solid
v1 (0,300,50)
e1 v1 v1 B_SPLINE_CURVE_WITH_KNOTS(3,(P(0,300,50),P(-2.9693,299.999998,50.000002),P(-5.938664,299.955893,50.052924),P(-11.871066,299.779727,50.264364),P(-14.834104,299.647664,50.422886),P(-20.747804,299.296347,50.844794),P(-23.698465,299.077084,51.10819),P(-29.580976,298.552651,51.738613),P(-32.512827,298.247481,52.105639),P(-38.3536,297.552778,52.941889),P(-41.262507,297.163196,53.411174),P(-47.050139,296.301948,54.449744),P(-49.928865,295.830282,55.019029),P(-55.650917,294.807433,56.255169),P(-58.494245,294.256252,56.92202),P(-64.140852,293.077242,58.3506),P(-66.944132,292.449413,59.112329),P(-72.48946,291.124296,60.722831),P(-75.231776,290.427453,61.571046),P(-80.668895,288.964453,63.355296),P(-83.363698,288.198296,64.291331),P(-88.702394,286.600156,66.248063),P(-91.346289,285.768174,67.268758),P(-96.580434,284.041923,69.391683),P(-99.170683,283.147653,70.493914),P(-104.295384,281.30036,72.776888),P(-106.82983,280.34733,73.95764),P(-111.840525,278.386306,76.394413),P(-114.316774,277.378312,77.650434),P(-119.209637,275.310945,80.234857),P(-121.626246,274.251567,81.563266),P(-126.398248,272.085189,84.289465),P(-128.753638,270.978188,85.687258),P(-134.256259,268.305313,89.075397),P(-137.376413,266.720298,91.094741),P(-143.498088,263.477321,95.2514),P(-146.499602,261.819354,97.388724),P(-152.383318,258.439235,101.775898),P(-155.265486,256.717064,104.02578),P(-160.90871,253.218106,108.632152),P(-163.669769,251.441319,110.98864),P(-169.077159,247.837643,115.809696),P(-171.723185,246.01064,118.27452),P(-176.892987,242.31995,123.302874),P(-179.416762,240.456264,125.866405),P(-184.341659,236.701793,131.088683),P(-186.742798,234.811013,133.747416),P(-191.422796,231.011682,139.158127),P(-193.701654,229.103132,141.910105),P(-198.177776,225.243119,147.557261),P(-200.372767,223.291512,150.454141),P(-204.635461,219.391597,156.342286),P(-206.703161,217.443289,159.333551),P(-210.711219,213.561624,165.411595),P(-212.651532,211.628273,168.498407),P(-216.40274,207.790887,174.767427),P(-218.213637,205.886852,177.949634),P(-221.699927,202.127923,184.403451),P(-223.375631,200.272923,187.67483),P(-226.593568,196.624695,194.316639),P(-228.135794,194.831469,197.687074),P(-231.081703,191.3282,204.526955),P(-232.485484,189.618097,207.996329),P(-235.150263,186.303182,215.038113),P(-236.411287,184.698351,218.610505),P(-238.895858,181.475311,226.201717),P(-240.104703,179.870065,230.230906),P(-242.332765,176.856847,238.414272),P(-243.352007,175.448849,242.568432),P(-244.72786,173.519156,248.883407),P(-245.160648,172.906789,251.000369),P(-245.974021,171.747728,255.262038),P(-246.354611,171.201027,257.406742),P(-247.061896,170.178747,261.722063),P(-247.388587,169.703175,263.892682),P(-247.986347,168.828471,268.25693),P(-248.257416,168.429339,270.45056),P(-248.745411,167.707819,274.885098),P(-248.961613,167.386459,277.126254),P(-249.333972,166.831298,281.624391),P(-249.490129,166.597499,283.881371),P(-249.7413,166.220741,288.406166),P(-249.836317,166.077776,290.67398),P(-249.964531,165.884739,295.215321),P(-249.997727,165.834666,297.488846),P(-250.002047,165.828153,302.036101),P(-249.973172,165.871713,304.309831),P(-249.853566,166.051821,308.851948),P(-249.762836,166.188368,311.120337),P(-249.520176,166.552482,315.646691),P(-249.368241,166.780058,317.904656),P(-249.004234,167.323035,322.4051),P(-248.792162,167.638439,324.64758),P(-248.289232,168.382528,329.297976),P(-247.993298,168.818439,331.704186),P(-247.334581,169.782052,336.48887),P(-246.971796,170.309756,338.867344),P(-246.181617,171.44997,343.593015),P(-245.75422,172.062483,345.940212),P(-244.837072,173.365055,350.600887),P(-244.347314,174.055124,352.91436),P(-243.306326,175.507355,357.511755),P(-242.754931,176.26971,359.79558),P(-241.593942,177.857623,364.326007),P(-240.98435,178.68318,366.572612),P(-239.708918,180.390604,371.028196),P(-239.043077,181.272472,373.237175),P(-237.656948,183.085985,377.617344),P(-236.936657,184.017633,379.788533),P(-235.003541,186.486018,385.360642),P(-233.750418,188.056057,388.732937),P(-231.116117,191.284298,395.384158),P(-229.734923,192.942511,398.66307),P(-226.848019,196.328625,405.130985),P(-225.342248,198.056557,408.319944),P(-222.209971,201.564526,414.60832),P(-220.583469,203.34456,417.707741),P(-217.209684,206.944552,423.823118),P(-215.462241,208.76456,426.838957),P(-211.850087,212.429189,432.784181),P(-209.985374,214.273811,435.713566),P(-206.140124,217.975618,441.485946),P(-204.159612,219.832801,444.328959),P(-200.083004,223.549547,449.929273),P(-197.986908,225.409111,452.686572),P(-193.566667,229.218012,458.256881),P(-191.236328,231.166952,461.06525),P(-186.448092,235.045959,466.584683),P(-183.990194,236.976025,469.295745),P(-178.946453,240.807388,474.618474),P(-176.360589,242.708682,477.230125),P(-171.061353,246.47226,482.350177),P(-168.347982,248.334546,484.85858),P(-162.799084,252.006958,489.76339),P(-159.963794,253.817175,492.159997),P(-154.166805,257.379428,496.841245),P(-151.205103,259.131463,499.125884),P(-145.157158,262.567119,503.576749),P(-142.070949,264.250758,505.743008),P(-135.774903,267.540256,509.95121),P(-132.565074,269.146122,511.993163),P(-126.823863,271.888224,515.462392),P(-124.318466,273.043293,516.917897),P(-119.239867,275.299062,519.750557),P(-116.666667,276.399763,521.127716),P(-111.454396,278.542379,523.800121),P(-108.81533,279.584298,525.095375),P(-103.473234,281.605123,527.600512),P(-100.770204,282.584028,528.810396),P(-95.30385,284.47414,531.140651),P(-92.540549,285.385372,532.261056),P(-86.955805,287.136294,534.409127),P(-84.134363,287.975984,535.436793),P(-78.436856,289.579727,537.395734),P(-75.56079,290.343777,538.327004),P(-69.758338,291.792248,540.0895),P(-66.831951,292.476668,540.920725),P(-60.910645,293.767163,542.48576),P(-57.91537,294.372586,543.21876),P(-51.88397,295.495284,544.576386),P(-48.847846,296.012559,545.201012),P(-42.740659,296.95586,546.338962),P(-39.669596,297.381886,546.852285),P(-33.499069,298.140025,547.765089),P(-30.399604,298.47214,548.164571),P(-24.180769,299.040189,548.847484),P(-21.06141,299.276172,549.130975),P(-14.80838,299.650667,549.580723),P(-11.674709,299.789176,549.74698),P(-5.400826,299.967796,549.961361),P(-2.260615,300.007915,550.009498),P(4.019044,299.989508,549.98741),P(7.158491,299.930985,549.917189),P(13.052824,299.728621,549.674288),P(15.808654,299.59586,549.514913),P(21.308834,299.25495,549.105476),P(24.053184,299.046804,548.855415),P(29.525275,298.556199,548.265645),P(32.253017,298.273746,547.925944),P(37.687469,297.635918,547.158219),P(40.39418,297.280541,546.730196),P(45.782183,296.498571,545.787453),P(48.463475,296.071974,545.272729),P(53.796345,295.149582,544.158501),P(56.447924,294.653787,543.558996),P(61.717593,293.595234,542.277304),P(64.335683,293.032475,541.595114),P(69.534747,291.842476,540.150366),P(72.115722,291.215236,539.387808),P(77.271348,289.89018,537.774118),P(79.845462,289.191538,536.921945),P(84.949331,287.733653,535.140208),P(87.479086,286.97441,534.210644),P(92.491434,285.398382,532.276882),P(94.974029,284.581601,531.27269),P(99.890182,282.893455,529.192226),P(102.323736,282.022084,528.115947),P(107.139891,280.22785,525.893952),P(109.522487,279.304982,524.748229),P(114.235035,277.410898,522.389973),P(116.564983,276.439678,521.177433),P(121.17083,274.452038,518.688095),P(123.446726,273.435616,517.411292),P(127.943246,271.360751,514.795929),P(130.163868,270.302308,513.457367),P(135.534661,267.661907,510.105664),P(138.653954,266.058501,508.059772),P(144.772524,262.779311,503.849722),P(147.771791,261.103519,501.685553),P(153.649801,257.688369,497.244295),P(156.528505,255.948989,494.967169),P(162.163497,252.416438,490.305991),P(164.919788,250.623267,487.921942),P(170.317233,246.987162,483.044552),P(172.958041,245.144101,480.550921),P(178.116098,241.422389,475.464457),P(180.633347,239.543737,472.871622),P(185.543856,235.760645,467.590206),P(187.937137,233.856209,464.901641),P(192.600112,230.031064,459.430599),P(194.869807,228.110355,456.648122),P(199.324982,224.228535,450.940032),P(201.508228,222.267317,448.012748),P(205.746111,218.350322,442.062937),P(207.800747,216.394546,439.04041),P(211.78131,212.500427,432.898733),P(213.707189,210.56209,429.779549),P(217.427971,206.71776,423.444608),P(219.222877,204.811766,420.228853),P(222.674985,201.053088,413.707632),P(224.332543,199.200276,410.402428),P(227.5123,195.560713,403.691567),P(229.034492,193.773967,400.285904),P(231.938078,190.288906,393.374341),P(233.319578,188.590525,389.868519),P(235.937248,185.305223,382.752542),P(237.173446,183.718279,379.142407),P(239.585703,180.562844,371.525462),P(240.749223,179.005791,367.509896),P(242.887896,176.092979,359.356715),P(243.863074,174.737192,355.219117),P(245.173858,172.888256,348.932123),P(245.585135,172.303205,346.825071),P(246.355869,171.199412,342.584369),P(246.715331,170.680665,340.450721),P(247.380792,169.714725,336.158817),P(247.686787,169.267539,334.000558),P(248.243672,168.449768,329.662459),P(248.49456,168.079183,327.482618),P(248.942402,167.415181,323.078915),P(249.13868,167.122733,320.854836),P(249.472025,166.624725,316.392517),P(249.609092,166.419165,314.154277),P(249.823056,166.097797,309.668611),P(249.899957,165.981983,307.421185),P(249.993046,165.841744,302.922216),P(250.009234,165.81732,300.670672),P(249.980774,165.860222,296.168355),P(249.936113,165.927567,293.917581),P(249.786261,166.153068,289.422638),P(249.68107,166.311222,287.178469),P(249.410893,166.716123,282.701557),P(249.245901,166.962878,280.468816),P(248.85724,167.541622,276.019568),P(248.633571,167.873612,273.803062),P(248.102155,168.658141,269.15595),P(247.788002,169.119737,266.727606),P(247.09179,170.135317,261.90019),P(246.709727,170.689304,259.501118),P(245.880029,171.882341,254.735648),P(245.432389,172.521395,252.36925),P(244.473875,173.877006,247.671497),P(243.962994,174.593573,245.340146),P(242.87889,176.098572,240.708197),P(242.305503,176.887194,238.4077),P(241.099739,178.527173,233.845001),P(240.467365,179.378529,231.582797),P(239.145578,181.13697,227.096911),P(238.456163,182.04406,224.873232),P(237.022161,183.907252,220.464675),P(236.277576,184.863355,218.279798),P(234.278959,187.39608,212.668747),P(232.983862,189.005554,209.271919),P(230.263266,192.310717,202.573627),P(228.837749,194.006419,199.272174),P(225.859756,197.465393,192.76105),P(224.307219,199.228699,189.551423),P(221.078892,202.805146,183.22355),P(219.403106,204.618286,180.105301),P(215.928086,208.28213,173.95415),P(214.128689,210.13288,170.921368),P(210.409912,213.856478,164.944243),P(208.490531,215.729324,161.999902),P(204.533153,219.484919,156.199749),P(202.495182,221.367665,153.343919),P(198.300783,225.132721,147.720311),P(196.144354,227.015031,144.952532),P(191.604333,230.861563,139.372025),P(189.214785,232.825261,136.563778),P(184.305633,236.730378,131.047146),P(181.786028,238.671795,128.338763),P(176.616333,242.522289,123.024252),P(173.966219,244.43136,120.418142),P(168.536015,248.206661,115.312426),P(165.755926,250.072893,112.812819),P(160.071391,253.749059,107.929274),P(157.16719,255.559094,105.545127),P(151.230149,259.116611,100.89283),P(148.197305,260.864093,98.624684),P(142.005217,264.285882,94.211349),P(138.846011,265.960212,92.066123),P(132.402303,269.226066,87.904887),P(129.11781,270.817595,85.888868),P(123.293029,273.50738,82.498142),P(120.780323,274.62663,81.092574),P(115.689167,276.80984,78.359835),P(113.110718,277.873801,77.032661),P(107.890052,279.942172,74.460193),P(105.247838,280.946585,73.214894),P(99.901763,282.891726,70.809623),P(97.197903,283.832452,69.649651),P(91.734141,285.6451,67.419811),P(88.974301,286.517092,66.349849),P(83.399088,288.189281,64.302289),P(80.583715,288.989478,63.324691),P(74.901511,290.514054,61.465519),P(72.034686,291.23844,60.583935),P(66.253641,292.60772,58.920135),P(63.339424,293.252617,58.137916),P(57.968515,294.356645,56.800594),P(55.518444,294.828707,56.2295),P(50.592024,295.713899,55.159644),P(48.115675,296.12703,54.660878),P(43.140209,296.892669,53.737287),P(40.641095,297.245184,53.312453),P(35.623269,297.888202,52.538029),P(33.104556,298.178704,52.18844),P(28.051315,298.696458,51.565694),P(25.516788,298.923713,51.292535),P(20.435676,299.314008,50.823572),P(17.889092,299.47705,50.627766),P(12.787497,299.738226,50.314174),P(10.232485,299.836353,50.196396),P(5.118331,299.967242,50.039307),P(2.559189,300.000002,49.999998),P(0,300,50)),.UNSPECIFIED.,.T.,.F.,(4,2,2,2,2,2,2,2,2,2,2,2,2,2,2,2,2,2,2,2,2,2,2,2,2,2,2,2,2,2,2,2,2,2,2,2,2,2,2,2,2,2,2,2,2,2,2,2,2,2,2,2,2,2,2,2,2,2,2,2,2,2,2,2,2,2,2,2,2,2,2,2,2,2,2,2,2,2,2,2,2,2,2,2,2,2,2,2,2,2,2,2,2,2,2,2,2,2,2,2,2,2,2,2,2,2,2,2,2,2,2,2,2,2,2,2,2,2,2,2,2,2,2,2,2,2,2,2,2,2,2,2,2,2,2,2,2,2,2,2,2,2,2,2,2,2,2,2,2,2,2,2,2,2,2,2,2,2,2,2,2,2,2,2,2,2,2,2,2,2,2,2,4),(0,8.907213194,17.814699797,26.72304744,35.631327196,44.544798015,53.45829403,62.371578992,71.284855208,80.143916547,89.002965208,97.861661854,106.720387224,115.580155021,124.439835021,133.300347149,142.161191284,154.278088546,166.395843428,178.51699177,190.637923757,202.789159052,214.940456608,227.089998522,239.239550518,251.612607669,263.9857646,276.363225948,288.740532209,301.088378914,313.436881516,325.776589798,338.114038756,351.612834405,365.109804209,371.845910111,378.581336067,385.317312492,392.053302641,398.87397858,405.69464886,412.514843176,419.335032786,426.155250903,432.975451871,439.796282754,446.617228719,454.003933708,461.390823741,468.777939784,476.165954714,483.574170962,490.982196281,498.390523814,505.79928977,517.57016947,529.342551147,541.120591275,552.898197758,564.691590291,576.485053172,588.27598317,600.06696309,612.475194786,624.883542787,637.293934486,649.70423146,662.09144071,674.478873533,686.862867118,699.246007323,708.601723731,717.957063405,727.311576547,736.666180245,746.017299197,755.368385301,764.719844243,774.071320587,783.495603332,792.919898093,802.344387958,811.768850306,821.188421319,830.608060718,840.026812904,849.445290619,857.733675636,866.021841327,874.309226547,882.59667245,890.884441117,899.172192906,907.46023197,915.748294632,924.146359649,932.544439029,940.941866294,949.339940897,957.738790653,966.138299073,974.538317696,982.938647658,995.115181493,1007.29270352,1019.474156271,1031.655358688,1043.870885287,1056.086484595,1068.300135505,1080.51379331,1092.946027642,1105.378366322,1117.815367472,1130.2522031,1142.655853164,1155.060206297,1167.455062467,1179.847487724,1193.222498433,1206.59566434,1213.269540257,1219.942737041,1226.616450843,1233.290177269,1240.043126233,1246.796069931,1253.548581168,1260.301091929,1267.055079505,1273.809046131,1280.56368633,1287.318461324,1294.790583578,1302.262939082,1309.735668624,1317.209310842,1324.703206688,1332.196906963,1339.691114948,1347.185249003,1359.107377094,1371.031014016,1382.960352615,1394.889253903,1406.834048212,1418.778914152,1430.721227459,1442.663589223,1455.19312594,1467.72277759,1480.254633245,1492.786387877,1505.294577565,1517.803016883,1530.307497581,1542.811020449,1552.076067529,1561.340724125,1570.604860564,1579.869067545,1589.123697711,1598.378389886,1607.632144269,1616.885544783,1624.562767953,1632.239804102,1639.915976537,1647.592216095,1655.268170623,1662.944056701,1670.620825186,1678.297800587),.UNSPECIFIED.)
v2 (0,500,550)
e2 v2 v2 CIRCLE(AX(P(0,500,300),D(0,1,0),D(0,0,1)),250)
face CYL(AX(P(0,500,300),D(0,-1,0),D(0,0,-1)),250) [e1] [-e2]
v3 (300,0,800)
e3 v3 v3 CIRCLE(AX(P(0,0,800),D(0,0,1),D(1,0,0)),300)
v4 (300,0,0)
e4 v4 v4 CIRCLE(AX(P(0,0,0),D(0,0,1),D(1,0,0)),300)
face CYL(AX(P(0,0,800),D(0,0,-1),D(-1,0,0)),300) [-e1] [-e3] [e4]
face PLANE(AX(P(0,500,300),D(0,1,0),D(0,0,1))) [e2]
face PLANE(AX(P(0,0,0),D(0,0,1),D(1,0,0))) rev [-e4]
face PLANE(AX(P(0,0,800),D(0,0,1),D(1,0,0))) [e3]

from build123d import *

# Parameters (mm, degrees)
SKETCH_1_R      = 300
EXTRUDE_1_DEPTH = 800
SKETCH_2_R      = 250
EXTRUDE_2_DEPTH = 500


with BuildPart() as part:
    # 草图1 → 凸台-拉伸1 (new body)
    with BuildSketch(Plane.XY):
        Circle(SKETCH_1_R)
    extrude(amount=EXTRUDE_1_DEPTH)

    # 草图2 → 凸台-拉伸2 (add)
    with BuildSketch(Plane(origin=(0, 0, 0), x_dir=(1, 0, 0), z_dir=(0, 1, 0))):
        with Locations((0, -300)):
            Circle(SKETCH_2_R)
    extrude(amount=EXTRUDE_2_DEPTH)


solid = part.part
